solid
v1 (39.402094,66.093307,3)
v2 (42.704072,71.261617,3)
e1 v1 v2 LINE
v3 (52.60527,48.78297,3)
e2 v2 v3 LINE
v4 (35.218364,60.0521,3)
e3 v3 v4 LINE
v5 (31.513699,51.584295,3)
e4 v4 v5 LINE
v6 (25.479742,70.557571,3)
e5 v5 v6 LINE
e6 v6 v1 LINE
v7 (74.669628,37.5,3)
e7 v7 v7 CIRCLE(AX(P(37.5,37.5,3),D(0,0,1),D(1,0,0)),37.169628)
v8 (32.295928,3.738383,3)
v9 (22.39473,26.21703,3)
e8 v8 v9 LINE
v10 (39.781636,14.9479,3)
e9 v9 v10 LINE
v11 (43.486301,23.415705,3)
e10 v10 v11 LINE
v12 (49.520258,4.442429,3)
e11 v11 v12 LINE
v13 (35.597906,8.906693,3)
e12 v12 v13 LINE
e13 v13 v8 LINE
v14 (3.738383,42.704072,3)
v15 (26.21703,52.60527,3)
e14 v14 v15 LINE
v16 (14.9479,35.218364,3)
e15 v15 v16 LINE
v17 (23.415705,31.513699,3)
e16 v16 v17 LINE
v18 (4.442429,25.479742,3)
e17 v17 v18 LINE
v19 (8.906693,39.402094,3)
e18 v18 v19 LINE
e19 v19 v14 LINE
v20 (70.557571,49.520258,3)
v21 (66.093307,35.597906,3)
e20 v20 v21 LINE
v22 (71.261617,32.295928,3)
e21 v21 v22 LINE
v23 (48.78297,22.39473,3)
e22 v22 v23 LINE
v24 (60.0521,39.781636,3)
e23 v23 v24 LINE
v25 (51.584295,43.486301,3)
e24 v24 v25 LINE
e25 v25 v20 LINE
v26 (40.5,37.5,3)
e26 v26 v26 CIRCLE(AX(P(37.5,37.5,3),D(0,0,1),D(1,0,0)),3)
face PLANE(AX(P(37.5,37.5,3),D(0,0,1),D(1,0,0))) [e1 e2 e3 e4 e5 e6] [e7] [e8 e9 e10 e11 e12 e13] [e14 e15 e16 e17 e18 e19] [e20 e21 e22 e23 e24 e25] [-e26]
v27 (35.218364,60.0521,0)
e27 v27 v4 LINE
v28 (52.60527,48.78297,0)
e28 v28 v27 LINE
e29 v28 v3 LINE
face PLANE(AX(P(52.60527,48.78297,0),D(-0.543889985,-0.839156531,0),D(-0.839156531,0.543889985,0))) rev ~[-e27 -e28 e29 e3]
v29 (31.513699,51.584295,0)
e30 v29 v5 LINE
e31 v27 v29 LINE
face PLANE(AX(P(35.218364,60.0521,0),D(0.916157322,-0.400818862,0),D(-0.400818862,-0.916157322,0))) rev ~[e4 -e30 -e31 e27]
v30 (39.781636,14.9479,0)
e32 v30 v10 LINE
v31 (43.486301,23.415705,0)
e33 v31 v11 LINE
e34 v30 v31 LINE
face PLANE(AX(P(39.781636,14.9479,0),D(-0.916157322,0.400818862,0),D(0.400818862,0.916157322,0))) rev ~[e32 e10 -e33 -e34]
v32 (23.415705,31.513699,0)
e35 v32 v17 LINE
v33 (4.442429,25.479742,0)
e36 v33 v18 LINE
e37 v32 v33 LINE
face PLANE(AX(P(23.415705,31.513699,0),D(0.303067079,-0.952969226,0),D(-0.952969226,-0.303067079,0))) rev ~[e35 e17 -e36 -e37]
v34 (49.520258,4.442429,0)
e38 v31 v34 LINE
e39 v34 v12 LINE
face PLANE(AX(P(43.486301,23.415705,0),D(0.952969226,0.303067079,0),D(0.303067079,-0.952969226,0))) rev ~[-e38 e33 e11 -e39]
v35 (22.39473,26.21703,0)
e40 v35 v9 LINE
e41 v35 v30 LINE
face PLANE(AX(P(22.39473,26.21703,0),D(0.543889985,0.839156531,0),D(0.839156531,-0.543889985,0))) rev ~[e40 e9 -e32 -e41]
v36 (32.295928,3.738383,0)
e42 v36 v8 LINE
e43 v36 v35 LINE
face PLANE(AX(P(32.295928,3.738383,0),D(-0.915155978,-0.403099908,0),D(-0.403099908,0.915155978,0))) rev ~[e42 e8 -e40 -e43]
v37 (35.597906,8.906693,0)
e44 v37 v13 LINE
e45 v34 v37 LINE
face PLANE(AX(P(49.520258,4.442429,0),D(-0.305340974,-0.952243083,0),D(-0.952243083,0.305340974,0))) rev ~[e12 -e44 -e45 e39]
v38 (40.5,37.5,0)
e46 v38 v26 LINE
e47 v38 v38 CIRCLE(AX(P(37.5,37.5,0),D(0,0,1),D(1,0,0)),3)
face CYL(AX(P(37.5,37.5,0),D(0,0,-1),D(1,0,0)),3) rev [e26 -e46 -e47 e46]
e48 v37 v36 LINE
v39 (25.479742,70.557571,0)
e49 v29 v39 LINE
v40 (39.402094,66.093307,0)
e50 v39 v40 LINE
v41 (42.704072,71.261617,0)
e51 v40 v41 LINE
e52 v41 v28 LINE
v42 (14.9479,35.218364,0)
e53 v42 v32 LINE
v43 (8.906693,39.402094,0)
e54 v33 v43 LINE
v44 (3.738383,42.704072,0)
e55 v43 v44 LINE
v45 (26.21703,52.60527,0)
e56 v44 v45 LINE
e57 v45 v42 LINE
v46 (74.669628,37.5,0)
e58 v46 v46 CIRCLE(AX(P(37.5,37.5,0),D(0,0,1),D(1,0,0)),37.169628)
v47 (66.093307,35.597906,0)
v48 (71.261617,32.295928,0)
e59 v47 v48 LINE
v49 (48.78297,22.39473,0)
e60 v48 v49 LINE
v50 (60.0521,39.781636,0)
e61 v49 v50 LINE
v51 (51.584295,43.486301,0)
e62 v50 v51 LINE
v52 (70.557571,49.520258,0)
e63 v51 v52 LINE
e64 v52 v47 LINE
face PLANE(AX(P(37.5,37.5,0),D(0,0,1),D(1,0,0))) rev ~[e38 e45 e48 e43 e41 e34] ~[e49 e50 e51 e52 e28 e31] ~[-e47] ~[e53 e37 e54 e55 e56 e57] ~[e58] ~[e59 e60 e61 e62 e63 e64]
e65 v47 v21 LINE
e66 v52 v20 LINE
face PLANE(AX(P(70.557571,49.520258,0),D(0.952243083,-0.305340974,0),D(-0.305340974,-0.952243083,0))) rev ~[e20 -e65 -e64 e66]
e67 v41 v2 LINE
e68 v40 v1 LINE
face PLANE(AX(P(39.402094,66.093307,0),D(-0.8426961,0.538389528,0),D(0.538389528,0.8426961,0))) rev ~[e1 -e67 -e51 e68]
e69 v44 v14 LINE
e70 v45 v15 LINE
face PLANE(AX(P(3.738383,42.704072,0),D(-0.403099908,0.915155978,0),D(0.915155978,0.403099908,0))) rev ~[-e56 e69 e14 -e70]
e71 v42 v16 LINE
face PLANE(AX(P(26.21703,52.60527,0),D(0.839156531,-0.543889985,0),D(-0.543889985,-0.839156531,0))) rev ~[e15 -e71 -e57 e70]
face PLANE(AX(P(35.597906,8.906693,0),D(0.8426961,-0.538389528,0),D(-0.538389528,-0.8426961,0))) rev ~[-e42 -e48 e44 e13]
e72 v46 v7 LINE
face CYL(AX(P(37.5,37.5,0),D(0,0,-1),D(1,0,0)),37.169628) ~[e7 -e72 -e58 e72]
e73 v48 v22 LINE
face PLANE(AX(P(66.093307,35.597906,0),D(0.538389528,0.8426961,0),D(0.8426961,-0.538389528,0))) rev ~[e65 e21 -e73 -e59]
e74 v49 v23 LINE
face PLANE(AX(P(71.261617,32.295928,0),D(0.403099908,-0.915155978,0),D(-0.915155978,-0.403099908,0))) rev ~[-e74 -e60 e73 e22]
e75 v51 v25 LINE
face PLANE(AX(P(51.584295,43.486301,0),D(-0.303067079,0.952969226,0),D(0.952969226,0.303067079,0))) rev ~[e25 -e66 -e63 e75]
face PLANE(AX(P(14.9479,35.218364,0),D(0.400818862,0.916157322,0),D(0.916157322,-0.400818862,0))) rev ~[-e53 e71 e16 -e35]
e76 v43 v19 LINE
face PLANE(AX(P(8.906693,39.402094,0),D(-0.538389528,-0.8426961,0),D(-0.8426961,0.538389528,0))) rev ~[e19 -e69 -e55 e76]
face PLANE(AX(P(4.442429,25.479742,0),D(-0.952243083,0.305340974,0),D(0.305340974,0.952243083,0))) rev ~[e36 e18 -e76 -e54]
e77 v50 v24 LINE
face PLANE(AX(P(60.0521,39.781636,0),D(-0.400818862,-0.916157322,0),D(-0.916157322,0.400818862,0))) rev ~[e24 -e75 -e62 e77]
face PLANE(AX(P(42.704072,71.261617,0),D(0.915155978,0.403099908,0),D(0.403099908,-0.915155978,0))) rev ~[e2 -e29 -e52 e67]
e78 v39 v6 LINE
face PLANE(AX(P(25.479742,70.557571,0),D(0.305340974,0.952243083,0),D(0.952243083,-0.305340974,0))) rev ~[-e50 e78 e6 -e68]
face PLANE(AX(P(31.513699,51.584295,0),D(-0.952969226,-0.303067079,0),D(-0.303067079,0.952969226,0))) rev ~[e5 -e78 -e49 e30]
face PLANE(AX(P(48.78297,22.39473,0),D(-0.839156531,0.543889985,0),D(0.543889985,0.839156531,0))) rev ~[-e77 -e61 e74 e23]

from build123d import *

# Parameters (mm, degrees)
F0_R     = 37.169628
F0_R_2   = 3
F1_DEPTH = 3


with BuildPart() as f1:
    # F0 (on Top) → F1 (new body)
    with BuildSketch(Plane.XY):
        with Locations((37.5, 37.5)):
            Circle(F0_R)
        Polygon((35.597906, 8.906693), (32.295928, 3.738383), (22.39473, 26.21703), (39.781636, 14.9479), (43.486301, 23.415705), (49.520258, 4.442429), align=None, mode=Mode.SUBTRACT)
        Polygon((71.261617, 32.295928), (48.78297, 22.39473), (60.0521, 39.781636), (51.584295, 43.486301), (70.557571, 49.520258), (66.093307, 35.597906), align=None, mode=Mode.SUBTRACT)
        Polygon((3.738383, 42.704072), (26.21703, 52.60527), (14.9479, 35.218364), (23.415705, 31.513699), (4.442429, 25.479742), (8.906693, 39.402094), align=None, mode=Mode.SUBTRACT)
        with Locations((37.5, 37.5)):
            Circle(F0_R_2, mode=Mode.SUBTRACT)
        Polygon((42.704072, 71.261617), (52.60527, 48.78297), (35.218364, 60.0521), (31.513699, 51.584295), (25.479742, 70.557571), (39.402094, 66.093307), align=None, mode=Mode.SUBTRACT)
    extrude(amount=F1_DEPTH)


solid = f1.part
